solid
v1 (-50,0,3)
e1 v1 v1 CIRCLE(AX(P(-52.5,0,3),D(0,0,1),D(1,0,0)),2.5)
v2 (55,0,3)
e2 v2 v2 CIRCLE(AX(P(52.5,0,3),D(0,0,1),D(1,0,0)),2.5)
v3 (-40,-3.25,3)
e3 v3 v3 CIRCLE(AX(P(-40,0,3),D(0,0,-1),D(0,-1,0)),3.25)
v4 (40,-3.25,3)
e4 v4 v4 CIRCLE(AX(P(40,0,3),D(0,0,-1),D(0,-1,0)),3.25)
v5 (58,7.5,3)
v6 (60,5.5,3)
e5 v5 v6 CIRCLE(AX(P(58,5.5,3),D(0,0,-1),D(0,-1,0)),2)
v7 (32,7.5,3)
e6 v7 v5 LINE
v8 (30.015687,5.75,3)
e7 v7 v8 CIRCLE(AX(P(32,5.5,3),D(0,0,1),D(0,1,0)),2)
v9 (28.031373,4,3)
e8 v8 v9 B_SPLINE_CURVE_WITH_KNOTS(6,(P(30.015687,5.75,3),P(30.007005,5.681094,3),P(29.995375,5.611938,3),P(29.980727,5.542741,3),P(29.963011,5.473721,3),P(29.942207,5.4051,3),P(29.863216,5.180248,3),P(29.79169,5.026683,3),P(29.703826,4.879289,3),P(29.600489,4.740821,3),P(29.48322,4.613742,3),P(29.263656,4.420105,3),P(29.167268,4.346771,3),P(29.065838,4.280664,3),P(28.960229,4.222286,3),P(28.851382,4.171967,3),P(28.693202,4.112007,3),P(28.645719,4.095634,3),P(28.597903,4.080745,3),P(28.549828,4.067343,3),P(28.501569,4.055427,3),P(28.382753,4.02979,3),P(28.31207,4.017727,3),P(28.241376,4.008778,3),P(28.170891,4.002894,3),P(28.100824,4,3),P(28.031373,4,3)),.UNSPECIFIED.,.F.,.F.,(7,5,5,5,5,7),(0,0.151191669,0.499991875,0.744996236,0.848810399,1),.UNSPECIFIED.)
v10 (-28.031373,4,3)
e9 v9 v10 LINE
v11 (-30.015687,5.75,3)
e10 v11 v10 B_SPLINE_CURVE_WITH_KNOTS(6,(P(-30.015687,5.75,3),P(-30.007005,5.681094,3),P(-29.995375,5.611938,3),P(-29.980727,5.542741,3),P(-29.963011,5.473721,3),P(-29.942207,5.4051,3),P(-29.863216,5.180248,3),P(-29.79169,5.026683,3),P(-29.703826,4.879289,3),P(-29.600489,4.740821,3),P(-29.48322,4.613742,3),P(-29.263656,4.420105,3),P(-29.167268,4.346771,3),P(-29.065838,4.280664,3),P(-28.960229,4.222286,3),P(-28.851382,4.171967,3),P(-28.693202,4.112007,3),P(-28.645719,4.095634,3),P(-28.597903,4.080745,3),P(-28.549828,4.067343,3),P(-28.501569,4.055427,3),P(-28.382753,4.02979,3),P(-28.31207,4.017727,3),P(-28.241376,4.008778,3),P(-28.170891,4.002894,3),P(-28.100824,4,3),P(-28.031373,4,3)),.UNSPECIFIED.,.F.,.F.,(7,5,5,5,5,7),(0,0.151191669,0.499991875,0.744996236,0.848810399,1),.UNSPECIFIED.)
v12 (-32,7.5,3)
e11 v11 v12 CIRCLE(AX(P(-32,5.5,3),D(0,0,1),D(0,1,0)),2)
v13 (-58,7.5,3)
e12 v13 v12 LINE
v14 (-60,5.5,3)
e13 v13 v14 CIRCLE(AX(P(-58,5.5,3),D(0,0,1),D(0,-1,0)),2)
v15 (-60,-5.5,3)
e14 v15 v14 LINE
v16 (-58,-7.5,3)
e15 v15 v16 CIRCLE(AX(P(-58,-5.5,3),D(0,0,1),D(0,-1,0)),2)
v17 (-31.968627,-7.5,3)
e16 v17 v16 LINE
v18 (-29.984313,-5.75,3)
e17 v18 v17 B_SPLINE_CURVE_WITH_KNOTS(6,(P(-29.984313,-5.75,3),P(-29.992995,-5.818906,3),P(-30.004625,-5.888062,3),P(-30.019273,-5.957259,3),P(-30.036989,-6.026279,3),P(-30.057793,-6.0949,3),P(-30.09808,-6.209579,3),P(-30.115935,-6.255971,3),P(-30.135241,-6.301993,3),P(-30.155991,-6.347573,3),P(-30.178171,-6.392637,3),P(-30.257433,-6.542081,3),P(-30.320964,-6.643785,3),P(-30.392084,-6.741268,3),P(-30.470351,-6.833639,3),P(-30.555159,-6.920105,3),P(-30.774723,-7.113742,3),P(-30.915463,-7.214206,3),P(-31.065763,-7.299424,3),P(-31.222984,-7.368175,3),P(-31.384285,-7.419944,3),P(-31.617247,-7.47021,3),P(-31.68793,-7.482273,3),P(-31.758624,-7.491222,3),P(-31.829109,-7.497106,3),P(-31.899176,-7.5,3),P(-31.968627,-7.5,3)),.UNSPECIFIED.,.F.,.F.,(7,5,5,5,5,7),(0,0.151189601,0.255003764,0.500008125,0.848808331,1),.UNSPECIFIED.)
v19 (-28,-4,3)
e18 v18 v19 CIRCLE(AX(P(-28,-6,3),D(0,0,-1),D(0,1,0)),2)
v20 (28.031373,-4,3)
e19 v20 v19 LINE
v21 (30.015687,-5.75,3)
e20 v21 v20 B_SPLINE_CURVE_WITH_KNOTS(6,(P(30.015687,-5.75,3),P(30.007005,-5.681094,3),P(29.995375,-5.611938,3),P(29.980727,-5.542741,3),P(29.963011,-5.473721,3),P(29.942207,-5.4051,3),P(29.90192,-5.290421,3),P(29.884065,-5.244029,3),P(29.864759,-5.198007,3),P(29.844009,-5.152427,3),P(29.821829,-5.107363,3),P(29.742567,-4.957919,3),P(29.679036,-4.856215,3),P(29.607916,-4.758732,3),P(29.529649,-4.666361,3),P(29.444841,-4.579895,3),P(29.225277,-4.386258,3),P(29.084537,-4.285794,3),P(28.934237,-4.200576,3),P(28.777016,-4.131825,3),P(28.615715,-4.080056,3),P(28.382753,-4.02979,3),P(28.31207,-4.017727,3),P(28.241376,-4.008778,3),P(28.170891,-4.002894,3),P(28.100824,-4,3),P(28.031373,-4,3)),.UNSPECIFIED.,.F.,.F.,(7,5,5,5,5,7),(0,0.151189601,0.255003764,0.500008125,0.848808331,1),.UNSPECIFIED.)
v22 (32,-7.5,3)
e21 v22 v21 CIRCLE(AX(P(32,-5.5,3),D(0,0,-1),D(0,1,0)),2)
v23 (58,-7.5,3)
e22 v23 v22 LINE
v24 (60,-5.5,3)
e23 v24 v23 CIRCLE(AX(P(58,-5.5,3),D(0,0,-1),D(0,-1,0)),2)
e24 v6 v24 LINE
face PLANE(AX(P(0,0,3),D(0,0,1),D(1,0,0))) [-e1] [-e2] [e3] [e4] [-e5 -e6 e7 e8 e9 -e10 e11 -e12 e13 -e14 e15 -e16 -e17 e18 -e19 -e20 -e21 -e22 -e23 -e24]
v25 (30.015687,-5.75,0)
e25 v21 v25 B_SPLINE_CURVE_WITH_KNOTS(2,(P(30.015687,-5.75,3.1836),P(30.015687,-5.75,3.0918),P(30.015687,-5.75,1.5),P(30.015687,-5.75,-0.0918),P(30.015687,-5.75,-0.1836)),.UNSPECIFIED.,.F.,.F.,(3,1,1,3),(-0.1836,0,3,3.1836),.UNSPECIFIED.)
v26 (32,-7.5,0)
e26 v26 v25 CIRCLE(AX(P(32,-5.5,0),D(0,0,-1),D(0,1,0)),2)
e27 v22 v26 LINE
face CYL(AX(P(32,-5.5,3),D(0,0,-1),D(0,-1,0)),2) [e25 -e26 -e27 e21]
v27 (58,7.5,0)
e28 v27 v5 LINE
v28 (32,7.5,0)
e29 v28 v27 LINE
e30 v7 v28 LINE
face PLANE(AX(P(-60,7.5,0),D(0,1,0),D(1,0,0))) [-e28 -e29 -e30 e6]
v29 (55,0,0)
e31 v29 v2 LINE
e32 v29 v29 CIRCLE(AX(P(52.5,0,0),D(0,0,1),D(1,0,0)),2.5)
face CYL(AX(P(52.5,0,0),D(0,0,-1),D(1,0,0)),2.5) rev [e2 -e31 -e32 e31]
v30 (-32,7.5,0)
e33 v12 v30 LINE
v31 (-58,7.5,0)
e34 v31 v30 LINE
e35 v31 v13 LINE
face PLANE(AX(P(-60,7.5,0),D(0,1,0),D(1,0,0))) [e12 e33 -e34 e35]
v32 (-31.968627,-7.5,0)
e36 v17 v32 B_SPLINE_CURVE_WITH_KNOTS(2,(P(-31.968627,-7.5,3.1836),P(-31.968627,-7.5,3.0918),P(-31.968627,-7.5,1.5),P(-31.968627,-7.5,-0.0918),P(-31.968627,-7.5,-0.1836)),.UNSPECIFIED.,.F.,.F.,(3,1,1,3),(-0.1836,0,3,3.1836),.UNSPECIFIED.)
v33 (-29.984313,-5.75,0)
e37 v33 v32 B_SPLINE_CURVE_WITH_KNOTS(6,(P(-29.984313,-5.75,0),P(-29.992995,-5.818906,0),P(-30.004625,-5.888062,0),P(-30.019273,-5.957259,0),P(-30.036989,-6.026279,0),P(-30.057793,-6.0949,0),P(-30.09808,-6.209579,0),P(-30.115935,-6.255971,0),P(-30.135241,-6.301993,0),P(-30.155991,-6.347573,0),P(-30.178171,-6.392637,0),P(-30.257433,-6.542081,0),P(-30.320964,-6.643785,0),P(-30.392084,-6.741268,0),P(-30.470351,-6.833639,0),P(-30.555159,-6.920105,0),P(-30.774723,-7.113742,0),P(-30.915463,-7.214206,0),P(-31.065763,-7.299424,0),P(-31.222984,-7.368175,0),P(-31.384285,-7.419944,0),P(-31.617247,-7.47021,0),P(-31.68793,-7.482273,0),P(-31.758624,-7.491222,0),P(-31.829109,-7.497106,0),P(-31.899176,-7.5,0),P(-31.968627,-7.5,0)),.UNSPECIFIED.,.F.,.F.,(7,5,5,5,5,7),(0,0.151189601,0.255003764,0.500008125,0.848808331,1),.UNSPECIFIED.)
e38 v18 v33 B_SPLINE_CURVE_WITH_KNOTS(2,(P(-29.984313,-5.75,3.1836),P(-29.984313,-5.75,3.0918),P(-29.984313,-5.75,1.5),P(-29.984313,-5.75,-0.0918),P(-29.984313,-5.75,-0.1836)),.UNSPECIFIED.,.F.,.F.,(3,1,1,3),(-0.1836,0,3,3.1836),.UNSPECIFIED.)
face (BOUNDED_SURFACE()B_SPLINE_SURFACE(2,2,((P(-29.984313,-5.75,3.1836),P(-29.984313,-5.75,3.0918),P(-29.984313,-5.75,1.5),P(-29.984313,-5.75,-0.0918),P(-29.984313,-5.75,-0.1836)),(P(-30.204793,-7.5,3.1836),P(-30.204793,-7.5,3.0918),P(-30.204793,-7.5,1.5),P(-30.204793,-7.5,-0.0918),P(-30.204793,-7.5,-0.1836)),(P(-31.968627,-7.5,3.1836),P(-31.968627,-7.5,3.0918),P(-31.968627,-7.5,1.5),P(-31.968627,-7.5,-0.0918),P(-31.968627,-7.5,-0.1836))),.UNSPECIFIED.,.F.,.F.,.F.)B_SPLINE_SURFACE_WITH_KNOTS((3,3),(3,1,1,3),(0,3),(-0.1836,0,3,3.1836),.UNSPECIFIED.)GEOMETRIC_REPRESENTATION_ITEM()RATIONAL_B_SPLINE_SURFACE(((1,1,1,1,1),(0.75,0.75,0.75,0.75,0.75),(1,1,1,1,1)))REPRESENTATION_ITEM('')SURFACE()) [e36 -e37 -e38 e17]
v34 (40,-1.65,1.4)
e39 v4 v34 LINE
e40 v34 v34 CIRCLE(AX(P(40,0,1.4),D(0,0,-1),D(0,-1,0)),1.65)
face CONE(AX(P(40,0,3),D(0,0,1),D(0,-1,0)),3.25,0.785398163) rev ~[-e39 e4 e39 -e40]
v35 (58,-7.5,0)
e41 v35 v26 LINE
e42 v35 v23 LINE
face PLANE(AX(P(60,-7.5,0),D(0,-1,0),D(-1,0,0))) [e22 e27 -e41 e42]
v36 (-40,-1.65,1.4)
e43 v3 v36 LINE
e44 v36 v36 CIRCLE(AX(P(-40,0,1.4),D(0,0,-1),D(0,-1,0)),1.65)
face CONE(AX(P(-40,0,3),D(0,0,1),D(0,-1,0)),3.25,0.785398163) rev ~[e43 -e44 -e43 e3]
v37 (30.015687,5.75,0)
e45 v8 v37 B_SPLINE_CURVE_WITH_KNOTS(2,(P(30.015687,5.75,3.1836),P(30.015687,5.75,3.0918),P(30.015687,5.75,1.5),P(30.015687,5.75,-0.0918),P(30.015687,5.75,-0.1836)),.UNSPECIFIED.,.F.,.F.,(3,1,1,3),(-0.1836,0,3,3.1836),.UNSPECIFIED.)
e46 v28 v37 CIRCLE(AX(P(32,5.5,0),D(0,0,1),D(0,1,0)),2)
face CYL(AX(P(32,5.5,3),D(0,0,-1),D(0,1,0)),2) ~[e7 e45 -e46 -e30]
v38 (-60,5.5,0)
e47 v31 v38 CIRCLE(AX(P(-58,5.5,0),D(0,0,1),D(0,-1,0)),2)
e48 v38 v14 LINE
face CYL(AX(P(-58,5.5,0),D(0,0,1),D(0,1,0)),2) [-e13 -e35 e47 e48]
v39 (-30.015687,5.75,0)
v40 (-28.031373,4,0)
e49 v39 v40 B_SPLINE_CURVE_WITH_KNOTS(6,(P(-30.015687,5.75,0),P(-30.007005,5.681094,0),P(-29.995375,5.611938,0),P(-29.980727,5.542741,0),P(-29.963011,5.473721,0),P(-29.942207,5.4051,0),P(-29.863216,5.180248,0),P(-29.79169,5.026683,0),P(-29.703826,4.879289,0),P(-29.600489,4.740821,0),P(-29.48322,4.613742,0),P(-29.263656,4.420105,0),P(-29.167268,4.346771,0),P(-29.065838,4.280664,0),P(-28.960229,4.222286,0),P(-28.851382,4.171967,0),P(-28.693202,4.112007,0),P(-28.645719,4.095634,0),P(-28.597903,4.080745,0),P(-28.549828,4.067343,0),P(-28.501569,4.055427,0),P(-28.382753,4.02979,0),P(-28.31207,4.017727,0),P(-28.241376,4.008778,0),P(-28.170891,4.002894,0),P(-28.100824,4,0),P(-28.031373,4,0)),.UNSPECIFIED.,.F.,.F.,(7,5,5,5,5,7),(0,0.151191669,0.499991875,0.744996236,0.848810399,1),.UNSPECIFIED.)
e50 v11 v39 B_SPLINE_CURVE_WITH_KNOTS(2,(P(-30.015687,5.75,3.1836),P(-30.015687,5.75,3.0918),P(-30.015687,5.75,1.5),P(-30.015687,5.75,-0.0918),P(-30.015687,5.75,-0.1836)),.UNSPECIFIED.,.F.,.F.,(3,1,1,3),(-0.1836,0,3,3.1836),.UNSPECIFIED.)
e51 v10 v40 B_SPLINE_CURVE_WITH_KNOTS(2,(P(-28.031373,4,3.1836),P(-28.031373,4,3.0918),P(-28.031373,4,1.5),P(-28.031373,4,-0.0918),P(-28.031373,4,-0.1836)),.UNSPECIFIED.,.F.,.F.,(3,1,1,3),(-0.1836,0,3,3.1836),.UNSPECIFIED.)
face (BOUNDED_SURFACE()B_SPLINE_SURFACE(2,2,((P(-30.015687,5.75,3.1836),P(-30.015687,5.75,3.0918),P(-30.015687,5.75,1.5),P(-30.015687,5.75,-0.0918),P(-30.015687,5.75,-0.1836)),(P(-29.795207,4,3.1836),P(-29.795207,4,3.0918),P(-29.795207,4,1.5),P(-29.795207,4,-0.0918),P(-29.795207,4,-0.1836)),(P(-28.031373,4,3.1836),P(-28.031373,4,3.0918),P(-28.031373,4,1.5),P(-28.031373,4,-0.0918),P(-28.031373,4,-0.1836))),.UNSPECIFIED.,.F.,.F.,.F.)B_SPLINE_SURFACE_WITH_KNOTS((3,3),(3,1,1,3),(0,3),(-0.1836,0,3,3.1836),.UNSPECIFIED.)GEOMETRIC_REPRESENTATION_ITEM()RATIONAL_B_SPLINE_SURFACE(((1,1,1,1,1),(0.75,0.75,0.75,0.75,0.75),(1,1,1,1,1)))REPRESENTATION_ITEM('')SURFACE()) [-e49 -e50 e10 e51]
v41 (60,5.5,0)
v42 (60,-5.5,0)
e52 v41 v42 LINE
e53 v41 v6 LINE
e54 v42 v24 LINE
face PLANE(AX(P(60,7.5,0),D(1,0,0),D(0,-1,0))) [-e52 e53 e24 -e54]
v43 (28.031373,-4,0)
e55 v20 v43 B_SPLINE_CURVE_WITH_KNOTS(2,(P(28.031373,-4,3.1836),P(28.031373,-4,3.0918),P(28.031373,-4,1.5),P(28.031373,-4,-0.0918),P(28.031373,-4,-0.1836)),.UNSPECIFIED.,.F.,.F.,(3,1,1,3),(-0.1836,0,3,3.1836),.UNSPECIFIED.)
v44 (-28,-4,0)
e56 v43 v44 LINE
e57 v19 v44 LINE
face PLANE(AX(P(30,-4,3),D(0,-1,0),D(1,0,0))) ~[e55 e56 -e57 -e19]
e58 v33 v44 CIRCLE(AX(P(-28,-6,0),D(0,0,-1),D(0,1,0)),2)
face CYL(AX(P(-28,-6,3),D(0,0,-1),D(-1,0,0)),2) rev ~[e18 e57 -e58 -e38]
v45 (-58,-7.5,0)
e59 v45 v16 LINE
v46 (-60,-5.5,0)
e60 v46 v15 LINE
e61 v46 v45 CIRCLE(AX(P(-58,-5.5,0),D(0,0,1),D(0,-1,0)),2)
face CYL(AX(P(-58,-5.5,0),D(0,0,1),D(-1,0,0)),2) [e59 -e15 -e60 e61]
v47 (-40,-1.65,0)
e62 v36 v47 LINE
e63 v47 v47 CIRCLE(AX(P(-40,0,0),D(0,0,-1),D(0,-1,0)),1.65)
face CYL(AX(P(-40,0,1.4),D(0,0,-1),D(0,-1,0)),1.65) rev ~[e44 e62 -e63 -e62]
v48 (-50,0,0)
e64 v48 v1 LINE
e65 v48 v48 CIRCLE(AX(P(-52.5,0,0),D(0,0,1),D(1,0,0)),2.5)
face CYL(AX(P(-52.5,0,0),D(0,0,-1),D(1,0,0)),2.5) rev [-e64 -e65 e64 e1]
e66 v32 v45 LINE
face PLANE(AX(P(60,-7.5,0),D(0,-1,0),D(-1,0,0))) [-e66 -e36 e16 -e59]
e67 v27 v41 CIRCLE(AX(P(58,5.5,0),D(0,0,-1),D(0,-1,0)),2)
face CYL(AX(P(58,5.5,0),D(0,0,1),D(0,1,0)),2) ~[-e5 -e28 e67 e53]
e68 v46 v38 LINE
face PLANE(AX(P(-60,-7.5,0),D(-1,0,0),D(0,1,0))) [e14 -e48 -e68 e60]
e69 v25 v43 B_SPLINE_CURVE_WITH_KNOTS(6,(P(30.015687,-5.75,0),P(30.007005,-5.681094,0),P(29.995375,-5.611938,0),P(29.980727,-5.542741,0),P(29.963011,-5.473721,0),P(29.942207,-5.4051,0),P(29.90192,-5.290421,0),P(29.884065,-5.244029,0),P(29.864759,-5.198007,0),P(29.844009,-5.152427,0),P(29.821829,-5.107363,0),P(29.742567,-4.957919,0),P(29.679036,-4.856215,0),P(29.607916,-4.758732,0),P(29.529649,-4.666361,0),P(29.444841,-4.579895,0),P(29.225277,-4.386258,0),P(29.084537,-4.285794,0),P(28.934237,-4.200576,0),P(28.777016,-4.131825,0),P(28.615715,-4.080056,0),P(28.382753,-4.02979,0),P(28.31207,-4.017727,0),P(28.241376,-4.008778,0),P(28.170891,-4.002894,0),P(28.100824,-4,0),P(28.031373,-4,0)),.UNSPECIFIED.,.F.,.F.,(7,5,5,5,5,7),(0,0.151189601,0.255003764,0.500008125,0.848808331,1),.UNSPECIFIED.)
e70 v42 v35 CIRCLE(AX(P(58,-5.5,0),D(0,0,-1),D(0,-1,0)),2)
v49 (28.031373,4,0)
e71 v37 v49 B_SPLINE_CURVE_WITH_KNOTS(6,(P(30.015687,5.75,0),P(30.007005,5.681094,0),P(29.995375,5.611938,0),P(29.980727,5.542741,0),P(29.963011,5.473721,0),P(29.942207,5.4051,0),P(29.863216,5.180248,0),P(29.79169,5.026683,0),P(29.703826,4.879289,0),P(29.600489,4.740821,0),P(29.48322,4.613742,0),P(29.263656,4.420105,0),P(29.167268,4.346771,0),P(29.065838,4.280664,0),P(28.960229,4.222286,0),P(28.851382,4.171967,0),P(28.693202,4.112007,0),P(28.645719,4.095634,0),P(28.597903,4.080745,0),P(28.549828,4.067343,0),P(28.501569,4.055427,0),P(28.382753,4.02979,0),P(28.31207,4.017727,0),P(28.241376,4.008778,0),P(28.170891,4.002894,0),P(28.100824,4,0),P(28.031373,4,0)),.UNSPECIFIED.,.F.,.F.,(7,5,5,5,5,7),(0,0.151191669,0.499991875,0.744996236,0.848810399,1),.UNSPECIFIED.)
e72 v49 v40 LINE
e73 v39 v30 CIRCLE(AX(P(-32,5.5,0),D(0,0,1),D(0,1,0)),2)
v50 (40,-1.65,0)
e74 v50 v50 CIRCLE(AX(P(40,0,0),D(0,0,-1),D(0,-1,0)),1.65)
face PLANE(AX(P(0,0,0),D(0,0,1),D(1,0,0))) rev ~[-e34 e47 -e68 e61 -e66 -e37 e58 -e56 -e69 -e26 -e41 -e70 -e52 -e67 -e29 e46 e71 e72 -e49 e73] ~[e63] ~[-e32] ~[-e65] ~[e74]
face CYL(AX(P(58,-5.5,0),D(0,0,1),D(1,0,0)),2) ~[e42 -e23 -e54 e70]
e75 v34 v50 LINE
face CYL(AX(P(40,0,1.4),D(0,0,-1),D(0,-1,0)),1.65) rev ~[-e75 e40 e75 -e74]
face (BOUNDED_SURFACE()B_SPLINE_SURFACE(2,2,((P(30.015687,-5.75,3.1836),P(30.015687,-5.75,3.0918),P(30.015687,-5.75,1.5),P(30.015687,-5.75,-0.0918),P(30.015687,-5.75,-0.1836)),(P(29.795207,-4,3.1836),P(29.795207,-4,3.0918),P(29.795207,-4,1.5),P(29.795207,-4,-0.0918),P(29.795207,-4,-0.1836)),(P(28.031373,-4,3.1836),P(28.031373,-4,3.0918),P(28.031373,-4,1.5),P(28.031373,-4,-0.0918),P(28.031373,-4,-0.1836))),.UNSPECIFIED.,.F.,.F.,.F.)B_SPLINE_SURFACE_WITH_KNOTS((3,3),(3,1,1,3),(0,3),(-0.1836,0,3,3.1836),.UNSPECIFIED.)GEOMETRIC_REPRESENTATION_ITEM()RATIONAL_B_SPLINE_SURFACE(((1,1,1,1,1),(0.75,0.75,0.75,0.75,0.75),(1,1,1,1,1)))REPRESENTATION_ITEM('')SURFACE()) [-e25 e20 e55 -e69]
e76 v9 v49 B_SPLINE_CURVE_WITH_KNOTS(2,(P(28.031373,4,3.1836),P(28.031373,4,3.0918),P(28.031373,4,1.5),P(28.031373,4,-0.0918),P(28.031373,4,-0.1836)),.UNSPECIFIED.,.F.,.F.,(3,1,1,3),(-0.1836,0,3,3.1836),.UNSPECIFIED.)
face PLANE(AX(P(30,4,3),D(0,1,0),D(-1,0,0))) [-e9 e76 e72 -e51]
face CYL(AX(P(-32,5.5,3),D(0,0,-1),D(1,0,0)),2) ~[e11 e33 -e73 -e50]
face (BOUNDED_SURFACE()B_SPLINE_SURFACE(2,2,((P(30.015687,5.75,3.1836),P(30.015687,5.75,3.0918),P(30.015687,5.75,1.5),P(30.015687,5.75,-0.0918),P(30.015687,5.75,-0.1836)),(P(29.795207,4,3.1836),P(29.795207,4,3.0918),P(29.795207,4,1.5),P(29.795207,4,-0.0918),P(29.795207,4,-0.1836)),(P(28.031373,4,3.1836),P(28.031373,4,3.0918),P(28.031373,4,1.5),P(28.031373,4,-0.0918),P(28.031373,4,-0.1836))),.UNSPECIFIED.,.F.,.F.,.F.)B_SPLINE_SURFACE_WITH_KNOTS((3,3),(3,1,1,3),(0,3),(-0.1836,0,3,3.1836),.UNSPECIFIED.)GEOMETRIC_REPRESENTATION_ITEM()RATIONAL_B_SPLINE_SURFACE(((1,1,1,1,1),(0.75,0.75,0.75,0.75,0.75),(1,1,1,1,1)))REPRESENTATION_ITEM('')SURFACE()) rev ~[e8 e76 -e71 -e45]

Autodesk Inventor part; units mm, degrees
ref_plane "YZ Plane" through (0, 0, 0) normal (1, 0, 0) x (0, 1, 0)
ref_plane "XZ Plane" through (0, 0, 0) normal (0, 1, 0) x (-1, 0, 0)
sketch "Sketch1" plane through (0, 0, 0) normal (0, 0, 1) x (1, 0, 0)
  line L0 (-60, 7.5) -> (60, 7.5)
  line L1 (60, 7.5) -> (60, -7.5)
  line L2 (60, -7.5) -> (-60, -7.5)
  line L3 (-60, -7.5) -> (-60, 7.5)
  line L4 (-60, 7.5) -> (60, -7.5) construction
  line L5 (60, 7.5) -> (-60, -7.5) construction
  circle A0 centre (-52.5, 0) radius 2.5
  circle A1 centre (52.5, 0) radius 2.5
  point P0 (0, 0)
  point P1 (-60, 0)
  point P2 (60, 0)
  dimension "d0" = 120
  dimension "d1" = 15
  dimension "d2" = 5
  dimension "d3" = 7.5
  dimension "d4" = 7.5
extrude "Extrusion1" add sketch "Sketch1" along normal blind 3
sketch "Sketch2" plane through (0, 0, 3) normal (0, 0, 1) x (1, 0, 0)
  line L0 (-40, 0) -> (40, 0) construction
  point P0 (0, 0)
  point P1 (0, 0)
  dimension "d7" = 80
hole "Hole1" at (-40, 0, 3) at (40, 0, 3) direction (0, 0, -1) diameter 3.3 depth 36.25 countersink diameter 6.5 countersink angle 90
sketch "Sketch3" plane through (0, 0, 3) normal (0, 0, 1) x (1, 0, 0)
  line L0 (-30, 7.5) -> (30, 7.5)
  line L1 (30, 7.5) -> (30, 4)
  line L2 (30, 4) -> (-30, 4)
  line L3 (-30, 4) -> (-30, 7.5)
  circle A0 centre (-40, 0) radius 1.65 projected
  circle A1 centre (40, 0) radius 1.65 projected
  line L4 (60, 7.5) -> (-60, 7.5) projected
  point P0 (0, 0)
  dimension "d16" = 10
  dimension "d17" = 10
  dimension "d18" = 4
extrude "Extrusion2" cut sketch "Sketch3" against normal blind 3 contours L0 L1 L2 L3
ref_plane "Work Plane1" through (-60, 0, 3) normal (0, 1, 0) x (1, 0, 0)
mirror "Mirror1" about plane through (-60, 0, 3) normal (0, 1, 0) of "Extrusion2"
fillet "Fillet1" radius 2 12 edges at (-60, 7.5, 1.5) (-60, -7.5, 1.5) (60, 7.5, 1.5) (60, -7.5, 1.5) (-30, 7.5, 1.5) (-30, 4, 1.5) (-30, -4, 1.5) (-30, -7.5, 1.5) (30, 7.5, 1.5) (30, 4, 1.5) (30, -7.5, 1.5) (30, -4, 1.5)
equation "\"d4\" = d3"
equation "\"d17\" = d16"
properties part number "Power Supply Wall Mount v2"
